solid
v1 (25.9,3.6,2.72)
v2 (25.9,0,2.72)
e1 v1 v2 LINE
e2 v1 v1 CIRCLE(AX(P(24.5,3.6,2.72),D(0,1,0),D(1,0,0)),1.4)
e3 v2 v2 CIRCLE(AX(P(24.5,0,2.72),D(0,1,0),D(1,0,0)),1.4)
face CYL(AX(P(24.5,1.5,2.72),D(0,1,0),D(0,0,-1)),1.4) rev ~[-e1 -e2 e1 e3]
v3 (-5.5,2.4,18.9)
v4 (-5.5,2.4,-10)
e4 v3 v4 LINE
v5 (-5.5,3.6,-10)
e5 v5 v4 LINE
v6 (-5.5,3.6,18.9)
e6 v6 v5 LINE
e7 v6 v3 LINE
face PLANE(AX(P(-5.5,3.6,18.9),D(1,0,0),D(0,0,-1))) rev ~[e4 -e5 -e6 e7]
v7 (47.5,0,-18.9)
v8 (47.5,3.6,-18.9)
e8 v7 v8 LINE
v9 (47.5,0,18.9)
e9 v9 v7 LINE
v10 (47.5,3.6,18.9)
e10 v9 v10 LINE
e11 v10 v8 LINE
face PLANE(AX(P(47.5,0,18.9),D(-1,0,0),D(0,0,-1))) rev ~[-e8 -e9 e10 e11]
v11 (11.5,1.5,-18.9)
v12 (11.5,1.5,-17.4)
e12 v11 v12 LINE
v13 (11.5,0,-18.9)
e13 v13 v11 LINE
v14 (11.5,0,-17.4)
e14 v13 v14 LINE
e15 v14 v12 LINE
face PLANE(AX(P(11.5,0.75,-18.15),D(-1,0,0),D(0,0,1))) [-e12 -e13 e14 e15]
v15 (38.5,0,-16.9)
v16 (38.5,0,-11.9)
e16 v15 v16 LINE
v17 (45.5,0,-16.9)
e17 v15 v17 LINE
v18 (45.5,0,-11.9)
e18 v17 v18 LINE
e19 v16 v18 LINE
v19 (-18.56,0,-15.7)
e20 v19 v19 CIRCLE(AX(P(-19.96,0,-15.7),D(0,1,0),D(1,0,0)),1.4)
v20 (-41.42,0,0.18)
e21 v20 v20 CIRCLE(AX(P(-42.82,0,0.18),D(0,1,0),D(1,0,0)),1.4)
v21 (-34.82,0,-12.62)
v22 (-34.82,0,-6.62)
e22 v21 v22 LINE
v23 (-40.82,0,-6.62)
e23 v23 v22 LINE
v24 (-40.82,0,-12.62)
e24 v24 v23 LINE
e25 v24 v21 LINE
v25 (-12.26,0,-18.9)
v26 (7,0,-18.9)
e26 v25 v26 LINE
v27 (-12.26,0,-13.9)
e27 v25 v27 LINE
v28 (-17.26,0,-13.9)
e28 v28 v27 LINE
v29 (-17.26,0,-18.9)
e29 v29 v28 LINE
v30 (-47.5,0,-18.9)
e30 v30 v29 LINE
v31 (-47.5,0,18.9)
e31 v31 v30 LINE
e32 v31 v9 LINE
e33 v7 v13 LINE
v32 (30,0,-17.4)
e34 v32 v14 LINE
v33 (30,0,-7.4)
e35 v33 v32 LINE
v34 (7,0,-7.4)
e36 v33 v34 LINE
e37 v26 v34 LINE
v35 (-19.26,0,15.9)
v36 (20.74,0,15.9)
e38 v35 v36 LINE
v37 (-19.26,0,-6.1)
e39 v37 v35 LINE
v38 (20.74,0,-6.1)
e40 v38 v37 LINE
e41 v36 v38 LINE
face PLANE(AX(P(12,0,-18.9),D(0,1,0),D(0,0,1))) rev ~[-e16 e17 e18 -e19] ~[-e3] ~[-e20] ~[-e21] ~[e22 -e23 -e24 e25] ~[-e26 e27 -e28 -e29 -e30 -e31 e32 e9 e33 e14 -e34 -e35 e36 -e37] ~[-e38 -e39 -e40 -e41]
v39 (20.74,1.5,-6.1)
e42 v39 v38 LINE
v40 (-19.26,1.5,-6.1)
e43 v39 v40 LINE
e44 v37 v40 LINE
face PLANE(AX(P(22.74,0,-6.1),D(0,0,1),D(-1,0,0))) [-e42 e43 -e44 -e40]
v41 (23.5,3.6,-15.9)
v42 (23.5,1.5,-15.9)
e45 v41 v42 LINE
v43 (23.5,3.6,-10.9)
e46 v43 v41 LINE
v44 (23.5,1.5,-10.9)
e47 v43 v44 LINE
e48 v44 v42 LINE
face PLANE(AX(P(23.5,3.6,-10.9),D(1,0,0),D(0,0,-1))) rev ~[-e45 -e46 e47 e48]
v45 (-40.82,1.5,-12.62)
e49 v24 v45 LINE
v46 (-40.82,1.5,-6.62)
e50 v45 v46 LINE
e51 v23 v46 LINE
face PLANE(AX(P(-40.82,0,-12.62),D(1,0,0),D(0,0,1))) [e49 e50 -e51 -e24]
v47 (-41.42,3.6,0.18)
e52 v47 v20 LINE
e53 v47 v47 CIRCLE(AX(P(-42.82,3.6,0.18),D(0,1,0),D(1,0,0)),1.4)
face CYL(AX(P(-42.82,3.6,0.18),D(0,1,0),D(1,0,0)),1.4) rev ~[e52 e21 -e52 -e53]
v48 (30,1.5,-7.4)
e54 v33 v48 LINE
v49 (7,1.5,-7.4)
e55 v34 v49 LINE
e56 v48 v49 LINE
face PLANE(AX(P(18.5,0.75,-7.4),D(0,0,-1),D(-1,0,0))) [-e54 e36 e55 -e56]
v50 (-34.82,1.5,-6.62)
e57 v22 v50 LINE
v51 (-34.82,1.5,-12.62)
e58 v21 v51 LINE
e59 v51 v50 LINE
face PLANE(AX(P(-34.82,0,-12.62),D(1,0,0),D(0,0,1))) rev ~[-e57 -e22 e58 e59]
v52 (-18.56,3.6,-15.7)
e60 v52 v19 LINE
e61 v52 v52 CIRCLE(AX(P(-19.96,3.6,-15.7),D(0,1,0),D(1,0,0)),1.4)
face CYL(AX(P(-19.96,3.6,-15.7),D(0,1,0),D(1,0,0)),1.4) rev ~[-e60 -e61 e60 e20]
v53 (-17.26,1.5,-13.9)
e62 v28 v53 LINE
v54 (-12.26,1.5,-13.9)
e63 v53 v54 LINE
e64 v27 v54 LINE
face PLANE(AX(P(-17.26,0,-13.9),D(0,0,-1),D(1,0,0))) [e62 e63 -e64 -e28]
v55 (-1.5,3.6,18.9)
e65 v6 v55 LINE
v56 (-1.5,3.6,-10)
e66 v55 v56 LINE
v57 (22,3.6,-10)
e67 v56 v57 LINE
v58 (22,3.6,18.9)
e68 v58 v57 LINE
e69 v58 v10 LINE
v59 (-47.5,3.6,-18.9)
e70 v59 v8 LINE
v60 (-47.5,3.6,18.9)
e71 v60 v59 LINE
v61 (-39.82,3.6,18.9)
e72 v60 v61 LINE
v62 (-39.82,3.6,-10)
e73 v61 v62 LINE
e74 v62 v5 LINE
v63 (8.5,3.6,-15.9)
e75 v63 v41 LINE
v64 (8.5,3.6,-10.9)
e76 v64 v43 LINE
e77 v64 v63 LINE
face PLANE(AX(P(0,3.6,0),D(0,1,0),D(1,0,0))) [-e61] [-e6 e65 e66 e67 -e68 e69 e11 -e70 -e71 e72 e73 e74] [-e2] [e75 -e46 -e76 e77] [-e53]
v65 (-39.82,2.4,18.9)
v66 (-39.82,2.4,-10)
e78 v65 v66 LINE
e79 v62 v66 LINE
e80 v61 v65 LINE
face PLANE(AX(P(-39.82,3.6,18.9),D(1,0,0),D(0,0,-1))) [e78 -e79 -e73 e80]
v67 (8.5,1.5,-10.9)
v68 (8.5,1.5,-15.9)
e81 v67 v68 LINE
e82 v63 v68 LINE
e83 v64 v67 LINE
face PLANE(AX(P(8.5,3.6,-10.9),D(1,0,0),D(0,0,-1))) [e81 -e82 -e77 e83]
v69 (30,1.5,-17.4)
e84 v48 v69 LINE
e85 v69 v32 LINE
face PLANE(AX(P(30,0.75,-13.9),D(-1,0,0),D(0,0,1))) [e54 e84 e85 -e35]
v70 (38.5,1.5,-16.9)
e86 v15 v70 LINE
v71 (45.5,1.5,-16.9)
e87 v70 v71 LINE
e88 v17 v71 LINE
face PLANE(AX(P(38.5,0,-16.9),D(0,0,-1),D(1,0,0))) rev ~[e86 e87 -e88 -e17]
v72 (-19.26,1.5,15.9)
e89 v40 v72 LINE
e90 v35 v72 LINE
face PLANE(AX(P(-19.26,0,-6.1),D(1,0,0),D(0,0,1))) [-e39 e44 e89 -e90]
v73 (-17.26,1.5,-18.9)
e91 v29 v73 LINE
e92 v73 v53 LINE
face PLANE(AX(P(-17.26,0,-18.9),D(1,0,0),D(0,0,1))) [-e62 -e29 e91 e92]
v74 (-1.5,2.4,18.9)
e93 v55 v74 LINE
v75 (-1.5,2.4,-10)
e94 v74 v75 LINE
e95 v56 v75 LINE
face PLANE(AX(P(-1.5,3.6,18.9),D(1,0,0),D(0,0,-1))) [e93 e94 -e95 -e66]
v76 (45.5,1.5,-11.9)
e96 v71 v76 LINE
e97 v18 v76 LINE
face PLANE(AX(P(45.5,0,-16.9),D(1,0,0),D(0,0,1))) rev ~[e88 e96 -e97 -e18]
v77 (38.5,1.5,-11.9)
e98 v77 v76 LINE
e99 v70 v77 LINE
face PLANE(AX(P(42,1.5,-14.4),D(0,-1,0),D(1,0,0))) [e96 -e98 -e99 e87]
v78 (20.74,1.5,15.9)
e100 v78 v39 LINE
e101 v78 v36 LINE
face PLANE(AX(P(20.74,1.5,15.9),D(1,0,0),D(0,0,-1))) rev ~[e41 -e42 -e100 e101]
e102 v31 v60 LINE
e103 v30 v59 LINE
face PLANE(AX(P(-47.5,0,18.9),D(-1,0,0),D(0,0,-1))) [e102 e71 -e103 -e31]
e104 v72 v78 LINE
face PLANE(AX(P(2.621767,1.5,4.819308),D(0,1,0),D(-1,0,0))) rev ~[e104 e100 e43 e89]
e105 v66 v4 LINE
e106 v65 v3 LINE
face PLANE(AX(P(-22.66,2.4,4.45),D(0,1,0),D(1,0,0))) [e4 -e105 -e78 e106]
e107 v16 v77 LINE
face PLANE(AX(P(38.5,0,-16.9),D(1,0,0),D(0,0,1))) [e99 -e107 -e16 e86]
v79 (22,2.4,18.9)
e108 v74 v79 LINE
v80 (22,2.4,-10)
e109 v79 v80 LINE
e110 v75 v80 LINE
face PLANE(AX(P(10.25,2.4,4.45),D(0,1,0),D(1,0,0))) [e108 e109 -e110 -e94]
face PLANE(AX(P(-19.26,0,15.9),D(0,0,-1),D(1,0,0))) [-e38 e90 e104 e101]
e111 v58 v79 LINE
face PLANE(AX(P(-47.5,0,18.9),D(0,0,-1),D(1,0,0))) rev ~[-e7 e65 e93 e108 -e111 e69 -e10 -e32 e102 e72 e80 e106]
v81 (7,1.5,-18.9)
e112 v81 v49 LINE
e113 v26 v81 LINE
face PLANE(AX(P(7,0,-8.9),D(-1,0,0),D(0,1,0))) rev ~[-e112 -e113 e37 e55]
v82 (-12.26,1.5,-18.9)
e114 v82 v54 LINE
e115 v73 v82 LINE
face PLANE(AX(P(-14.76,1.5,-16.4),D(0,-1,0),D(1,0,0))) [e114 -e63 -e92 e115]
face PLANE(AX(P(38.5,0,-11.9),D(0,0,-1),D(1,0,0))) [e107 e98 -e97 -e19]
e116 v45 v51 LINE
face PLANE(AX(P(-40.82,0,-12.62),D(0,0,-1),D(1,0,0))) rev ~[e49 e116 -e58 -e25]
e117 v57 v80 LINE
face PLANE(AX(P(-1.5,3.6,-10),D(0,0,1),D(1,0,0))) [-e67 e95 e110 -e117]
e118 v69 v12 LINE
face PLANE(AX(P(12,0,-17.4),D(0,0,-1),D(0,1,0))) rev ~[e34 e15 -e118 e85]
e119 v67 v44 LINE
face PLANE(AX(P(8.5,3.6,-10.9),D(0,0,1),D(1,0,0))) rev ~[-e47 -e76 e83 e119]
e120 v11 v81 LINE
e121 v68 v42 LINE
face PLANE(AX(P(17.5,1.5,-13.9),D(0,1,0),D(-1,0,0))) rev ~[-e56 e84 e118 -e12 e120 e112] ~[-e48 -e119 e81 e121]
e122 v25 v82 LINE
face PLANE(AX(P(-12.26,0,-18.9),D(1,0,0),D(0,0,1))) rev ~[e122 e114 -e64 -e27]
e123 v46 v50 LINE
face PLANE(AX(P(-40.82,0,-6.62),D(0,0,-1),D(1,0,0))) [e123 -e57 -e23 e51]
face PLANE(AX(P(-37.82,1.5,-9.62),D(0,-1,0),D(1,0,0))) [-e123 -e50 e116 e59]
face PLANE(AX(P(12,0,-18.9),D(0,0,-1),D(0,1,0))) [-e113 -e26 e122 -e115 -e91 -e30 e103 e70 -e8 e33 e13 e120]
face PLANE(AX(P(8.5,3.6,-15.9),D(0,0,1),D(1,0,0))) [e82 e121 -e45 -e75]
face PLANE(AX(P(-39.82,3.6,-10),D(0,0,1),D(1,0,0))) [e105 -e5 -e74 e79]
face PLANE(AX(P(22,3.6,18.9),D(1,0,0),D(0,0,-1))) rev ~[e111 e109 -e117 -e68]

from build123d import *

# Parameters (mm, degrees)
SKETCH1_W           = 95
SKETCH1_H           = 37.8
BOSS_EXTRUDE1_DEPTH = 3.6
SKETCH2_R           = 1.4
CUT_EXTRUDE1_DEPTH  = 4
SKETCH3_W           = 6
SKETCH3_H           = 6
SKETCH3_W_2         = 7
SKETCH3_H_2         = 5
SKETCH3_W_3         = 5
CUT_EXTRUDE5_DEPTH  = 1.5
BOSS_EXTRUDE3_DEPTH = 1.5
SKETCH6_W           = 15
SKETCH6_H           = 5
CUT_EXTRUDE6_DEPTH  = 18.5
SKETCH7_W           = 10
SKETCH7_H           = 1.5
CUT_EXTRUDE7_DEPTH  = 2
SKETCH9_W           = 23
SKETCH9_H           = 1.5
CUT_EXTRUDE8_DEPTH  = 1.5
SKETCH10_W          = 18
SKETCH10_H          = 1.5
BOSS_EXTRUDE5_DEPTH = 1.5
SKETCH11_W          = 34.32
SKETCH11_H          = 28.9
SKETCH11_W_2        = 23.5
CUT_EXTRUDE10_DEPTH = 1.2
SKETCH12_W          = 1.5
SKETCH12_H          = 1.5
BOSS_EXTRUDE6_DEPTH = 0.5


with BuildPart() as part:
    # Sketch1 → Boss-Extrude1 (new body)
    with BuildSketch(Plane(origin=(0, 0, 0), x_dir=(1, 0, 0), z_dir=(0, 1, 0))):
        Rectangle(SKETCH1_W, SKETCH1_H)
    extrude(amount=BOSS_EXTRUDE1_DEPTH)

    # Sketch2 → Cut-Extrude1 (cut)
    with BuildSketch(Plane(origin=(0, 3.6, 0), x_dir=(1, 0, 0), z_dir=(0, 1, 0))):
        with Locations((-42.82, -0.18)):
            Circle(SKETCH2_R)
        with Locations((-19.96, 15.7)):
            Circle(SKETCH2_R)
        with Locations((24.5, -2.72)):
            Circle(SKETCH2_R)
    extrude(amount=-CUT_EXTRUDE1_DEPTH, mode=Mode.SUBTRACT)

    # Sketch3 → Cut-Extrude5 (cut)
    with BuildSketch(Plane.XZ):
        with Locations((-37.82, -9.62)):
            Rectangle(SKETCH3_W, SKETCH3_H)
        Polygon((28, -18.9), (7, -18.9), (7, -8.9), (11, -8.9), (28, -8.9), align=None)
        with BuildLine():
            Line((-19.26, -6.1), (-19.26, 15.9))
            Line((-19.26, 15.9), (22.74, 15.9))
            Line((22.74, 15.9), (22.74, 4.12))
            Line((22.74, 4.12), (24.5, 4.12))
            ThreePointArc((24.5, 4.12), (25.9, 2.72), (24.5, 1.32))
            Line((24.5, 1.32), (22.74, 1.32))
            Line((22.74, 1.32), (22.74, -6.1))
            Line((22.74, -6.1), (-19.26, -6.1))
        make_face()
        with Locations((42, -14.4)):
            Rectangle(SKETCH3_W_2, SKETCH3_H_2)
        with Locations((-14.76, -16.4)):
            Rectangle(SKETCH3_W_3, SKETCH3_H_2)
    extrude(amount=-CUT_EXTRUDE5_DEPTH, mode=Mode.SUBTRACT)

    # Sketch4 → Boss-Extrude3 (add)
    with BuildSketch(Plane.XZ.offset(-1.5)):
        with BuildLine():
            Line((22.74, 4.12), (22.74, 15.9))
            Line((22.74, 15.9), (20.74, 15.9))
            Line((20.74, 15.9), (20.74, 4.12))
            Line((20.74, 4.12), (20.74, -6.1))
            Line((20.74, -6.1), (22.74, -6.1))
            Line((22.74, -6.1), (22.74, 1.32))
            Line((22.74, 1.32), (24.5, 1.32))
            ThreePointArc((24.5, 1.32), (23.1, 2.72), (24.5, 4.12))
            Line((24.5, 4.12), (22.74, 4.12))
        make_face()
    extrude(amount=BOSS_EXTRUDE3_DEPTH)

    # Sketch6 → Cut-Extrude6 (cut)
    with BuildSketch(Plane(origin=(0, 3.6, 0), x_dir=(1, 0, 0), z_dir=(0, 1, 0))):
        with Locations((16, 13.4)):
            Rectangle(SKETCH6_W, SKETCH6_H)
    extrude(amount=-CUT_EXTRUDE6_DEPTH, mode=Mode.SUBTRACT)

    # Sketch7 → Cut-Extrude7 (cut)
    with BuildSketch(Plane.ZY.offset(-28)):
        with Locations((-13.9, 0.75)):
            Rectangle(SKETCH7_W, SKETCH7_H)
    extrude(amount=-CUT_EXTRUDE7_DEPTH, mode=Mode.SUBTRACT)

    # Sketch9 → Cut-Extrude8 (cut)
    with BuildSketch(Plane(origin=(0, 0, -8.9), x_dir=(-1, 0, 0), z_dir=(0, 0, -1))):
        with Locations((-18.5, 0.75)):
            Rectangle(SKETCH9_W, SKETCH9_H)
    extrude(amount=-CUT_EXTRUDE8_DEPTH, mode=Mode.SUBTRACT)

    # Sketch10 → Boss-Extrude5 (add)
    with BuildSketch(Plane.XZ.offset(-1.5)):
        with Locations((21, -18.15)):
            Rectangle(SKETCH10_W, SKETCH10_H)
    extrude(amount=BOSS_EXTRUDE5_DEPTH)

    # Sketch11 → Cut-Extrude10 (cut)
    with BuildSketch(Plane(origin=(0, 3.6, 0), x_dir=(1, 0, 0), z_dir=(0, 1, 0))):
        with Locations((-22.66, -4.45)):
            Rectangle(SKETCH11_W, SKETCH11_H)
        with Locations((10.25, -4.45)):
            Rectangle(SKETCH11_W_2, SKETCH11_H)
    extrude(amount=-CUT_EXTRUDE10_DEPTH, mode=Mode.SUBTRACT)

    # Sketch12 → Boss-Extrude6 (add)
    with BuildSketch(Plane.ZY.offset(-12)):
        with Locations((-18.15, 0.75)):
            Rectangle(SKETCH12_W, SKETCH12_H)
    extrude(amount=BOSS_EXTRUDE6_DEPTH)


solid = part.part
